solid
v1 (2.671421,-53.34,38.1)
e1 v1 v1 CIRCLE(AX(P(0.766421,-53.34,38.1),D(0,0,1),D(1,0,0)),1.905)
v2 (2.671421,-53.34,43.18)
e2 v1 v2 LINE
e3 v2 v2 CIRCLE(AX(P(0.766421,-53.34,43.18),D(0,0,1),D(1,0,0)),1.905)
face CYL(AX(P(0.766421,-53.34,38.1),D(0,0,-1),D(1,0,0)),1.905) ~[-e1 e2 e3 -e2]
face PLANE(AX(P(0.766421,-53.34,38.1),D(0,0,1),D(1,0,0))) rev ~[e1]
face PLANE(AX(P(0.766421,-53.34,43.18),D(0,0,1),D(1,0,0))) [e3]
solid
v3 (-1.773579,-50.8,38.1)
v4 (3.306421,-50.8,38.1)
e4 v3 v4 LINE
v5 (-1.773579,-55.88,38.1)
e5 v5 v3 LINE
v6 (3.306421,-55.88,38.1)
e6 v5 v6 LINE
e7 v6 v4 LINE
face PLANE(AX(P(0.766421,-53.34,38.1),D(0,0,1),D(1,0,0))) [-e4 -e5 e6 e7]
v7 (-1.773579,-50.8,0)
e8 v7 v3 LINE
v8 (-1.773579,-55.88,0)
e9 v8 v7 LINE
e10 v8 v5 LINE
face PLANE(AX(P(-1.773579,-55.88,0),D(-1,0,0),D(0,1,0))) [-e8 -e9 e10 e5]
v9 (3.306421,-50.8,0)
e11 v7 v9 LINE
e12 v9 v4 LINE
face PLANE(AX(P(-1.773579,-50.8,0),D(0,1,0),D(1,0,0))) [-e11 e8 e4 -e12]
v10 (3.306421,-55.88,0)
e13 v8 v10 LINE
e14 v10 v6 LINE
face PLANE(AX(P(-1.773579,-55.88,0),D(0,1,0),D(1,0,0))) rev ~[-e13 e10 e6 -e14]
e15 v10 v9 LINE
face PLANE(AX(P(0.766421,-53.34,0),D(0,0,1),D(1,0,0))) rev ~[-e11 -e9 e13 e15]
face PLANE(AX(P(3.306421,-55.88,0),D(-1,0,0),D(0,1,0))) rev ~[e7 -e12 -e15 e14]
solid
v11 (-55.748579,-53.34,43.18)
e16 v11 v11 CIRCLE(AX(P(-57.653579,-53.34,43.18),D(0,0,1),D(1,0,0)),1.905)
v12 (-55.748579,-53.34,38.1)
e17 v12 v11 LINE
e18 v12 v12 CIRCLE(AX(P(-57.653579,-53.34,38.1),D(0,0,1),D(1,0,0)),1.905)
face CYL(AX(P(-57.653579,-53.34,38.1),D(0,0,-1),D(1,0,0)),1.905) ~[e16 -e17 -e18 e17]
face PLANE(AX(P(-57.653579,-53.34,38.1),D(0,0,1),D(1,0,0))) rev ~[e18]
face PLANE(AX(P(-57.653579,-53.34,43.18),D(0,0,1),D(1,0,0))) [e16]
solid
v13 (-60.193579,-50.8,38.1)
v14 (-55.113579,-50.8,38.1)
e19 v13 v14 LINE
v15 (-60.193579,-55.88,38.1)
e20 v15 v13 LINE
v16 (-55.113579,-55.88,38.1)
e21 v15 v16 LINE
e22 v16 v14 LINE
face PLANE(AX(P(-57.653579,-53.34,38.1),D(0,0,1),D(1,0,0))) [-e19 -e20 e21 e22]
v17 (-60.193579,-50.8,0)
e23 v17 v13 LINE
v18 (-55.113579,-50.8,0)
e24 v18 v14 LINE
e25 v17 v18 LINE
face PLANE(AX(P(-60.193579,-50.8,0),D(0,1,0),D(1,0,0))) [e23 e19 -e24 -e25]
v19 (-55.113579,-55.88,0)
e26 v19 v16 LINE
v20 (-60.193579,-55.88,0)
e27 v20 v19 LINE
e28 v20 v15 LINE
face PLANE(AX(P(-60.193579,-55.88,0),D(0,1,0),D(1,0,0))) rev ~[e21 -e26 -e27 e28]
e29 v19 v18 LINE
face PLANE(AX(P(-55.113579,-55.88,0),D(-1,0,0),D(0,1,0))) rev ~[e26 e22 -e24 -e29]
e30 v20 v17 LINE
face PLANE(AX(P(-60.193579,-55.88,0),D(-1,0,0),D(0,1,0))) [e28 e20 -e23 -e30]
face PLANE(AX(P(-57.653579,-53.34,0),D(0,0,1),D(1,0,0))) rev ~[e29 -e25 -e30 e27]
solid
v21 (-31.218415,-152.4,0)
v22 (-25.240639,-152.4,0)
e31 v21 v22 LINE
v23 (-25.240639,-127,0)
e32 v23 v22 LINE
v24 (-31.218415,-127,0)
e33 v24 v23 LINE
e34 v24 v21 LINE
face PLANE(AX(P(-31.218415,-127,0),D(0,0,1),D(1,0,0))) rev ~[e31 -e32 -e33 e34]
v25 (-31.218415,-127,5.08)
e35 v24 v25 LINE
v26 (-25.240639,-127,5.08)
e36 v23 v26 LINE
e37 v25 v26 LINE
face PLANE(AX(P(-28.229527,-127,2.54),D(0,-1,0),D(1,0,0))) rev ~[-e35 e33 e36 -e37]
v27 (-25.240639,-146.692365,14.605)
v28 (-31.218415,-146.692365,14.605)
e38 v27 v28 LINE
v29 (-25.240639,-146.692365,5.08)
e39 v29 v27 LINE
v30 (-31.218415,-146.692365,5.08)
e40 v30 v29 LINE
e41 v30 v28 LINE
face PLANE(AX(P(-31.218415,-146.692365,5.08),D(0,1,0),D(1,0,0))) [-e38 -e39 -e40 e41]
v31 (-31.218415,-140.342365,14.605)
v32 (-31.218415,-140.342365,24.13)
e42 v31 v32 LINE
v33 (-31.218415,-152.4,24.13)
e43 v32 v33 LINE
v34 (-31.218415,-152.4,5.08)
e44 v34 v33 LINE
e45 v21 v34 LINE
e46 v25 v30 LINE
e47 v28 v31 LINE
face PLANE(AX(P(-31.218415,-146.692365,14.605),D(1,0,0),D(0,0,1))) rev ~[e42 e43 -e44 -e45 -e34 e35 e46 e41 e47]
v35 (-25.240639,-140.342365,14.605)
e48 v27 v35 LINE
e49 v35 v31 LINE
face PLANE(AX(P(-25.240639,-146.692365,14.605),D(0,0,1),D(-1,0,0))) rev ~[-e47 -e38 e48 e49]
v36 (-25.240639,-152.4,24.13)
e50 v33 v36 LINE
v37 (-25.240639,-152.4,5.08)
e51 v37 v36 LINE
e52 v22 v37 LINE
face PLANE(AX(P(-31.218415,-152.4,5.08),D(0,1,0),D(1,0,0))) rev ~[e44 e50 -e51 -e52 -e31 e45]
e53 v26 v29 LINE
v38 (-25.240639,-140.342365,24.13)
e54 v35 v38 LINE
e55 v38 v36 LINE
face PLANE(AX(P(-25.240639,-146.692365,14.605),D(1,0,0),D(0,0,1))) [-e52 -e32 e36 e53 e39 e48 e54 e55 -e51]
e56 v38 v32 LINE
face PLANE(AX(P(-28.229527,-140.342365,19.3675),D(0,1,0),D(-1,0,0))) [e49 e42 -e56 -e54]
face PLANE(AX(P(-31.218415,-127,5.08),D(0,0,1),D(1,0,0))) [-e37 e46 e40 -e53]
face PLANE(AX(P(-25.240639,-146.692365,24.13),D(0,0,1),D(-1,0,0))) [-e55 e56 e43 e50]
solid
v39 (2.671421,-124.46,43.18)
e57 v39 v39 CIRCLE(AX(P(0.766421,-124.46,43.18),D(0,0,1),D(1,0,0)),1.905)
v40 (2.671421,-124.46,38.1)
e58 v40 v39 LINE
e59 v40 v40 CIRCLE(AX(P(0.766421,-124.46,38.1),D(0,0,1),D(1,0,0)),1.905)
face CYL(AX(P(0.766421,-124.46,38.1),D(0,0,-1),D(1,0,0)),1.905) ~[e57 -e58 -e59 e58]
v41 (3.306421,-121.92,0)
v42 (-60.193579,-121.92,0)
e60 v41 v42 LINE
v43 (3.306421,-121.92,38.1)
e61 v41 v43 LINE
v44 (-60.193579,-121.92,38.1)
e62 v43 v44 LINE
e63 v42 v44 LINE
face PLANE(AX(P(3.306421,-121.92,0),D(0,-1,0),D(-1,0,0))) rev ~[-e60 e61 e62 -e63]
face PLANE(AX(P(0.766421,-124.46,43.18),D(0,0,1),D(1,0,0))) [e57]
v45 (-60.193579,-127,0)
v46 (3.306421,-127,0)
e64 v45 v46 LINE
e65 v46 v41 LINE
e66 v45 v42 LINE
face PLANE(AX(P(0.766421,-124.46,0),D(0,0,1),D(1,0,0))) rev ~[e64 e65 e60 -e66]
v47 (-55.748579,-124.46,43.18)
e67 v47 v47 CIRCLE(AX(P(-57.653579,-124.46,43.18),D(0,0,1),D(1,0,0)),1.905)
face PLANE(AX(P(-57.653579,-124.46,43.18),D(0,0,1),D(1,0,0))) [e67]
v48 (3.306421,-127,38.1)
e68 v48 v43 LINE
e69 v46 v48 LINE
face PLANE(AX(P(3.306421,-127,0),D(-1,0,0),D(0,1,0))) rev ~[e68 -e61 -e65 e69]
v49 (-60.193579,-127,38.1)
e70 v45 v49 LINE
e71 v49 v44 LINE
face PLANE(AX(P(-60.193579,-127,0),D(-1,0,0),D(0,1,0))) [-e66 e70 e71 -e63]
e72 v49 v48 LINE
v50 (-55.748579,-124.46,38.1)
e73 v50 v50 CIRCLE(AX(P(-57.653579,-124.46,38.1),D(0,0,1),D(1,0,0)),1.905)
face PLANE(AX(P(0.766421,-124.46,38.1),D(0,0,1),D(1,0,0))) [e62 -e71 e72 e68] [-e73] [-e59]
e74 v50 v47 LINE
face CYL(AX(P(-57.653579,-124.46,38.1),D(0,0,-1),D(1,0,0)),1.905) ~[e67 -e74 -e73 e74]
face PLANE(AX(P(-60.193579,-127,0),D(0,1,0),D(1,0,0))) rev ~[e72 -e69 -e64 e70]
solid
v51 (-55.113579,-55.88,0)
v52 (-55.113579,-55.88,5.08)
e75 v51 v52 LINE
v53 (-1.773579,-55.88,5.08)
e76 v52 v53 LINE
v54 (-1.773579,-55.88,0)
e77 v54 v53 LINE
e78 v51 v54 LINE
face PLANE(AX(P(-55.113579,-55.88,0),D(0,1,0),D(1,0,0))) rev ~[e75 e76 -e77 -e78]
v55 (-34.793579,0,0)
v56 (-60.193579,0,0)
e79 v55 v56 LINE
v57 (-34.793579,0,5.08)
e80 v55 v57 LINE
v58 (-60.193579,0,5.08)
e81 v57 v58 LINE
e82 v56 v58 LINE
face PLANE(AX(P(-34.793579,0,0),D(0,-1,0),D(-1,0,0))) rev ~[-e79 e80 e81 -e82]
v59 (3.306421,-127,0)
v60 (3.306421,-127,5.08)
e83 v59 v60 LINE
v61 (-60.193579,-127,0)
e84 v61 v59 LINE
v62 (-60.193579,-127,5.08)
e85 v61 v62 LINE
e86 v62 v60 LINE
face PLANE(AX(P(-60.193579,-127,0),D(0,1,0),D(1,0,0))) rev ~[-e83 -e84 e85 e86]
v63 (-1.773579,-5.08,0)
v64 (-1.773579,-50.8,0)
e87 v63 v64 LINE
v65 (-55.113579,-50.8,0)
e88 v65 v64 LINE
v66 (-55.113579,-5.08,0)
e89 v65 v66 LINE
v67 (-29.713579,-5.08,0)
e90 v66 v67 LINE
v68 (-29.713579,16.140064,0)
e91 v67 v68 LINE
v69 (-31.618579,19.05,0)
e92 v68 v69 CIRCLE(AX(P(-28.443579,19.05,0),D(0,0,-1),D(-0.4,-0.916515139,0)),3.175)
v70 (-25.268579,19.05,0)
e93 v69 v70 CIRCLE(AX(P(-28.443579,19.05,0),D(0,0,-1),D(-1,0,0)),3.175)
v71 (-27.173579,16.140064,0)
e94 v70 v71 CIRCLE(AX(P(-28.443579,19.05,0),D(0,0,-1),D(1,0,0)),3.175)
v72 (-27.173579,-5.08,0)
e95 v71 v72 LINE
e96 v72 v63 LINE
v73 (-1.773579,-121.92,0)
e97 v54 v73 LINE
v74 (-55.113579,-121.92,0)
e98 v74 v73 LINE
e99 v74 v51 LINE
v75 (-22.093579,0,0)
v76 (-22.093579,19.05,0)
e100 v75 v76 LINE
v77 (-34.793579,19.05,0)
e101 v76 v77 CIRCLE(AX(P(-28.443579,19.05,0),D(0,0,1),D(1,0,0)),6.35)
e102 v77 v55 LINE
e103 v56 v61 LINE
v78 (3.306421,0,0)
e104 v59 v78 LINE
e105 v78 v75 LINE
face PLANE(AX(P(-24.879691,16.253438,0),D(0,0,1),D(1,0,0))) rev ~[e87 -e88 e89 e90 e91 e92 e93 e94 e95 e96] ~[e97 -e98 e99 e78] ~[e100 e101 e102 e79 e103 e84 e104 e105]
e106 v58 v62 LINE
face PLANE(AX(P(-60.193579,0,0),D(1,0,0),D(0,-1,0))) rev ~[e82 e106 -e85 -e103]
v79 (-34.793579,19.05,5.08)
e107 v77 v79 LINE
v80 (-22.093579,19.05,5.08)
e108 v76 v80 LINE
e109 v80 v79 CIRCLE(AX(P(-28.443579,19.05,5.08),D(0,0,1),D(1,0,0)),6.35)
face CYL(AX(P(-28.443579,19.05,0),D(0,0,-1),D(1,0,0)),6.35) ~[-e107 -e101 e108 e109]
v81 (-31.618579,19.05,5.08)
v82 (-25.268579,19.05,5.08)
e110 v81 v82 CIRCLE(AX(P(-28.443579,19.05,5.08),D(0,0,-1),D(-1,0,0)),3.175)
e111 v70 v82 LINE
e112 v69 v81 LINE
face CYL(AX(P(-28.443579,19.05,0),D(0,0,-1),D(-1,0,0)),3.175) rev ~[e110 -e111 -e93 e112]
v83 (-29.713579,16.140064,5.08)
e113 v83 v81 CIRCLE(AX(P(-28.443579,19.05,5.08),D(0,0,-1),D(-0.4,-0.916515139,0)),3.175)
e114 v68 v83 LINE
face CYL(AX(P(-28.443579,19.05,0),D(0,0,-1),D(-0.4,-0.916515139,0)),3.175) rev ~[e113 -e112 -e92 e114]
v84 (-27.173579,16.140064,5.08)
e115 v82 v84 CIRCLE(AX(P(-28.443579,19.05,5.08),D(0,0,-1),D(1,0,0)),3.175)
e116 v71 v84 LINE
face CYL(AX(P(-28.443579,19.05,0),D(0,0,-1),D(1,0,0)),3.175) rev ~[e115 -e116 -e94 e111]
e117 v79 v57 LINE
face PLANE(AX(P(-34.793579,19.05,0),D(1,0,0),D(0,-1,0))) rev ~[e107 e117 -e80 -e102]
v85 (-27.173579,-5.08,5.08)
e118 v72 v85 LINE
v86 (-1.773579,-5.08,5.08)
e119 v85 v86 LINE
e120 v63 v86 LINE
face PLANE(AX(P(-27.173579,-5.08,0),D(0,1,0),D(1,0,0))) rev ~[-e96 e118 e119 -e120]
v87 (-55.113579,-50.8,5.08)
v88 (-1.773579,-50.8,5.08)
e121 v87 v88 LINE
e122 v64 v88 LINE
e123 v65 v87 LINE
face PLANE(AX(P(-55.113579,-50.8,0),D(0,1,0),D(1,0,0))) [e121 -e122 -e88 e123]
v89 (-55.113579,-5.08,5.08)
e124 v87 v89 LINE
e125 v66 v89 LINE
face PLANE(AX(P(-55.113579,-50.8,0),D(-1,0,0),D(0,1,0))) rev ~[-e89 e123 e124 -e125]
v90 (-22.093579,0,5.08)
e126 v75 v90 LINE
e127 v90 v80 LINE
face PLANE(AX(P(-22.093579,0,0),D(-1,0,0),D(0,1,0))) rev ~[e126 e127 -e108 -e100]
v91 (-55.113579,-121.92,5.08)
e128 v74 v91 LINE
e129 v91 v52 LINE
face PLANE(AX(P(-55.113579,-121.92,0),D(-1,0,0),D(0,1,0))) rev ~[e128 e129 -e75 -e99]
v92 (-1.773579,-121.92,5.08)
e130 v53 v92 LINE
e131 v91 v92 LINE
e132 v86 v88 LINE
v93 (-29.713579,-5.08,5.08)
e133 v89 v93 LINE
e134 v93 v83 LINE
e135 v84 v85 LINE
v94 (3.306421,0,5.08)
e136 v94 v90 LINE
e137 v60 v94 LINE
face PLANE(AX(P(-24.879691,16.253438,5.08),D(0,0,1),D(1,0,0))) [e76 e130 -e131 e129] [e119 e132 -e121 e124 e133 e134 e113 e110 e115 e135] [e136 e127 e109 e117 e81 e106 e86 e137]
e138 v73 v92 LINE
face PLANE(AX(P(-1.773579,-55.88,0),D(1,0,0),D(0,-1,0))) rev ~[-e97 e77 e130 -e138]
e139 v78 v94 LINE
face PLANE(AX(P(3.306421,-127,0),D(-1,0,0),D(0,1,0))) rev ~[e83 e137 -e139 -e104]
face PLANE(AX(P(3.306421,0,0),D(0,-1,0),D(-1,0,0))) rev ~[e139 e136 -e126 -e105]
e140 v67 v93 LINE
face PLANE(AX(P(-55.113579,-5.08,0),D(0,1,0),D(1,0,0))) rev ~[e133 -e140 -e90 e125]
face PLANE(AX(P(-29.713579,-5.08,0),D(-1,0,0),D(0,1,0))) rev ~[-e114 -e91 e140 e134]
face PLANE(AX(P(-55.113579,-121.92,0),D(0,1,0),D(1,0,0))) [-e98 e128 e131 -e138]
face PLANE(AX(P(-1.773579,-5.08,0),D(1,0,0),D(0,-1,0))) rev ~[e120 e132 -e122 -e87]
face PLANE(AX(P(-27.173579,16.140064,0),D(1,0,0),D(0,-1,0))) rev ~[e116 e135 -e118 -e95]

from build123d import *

# Parameters (mm, degrees)
F0_W      = 5.08
F0_H      = 5.08
F1_DEPTH  = 38.1
F0_W_2    = 53.34
F0_H_2    = 45.72
F0_H_3    = 66.04
F2_DEPTH  = 5.08
F5_R      = 1.905
F6_DEPTH  = 5.08
F4_R      = 1.905
F3_R      = 1.905
F7_W      = 5.9777759016
F7_H      = 5.08
F8_DEPTH  = 25.4
F9_W      = 5.9777759016
F9_H      = 5.7076345921
F10_DEPTH = 19.05
F11_W     = 5.9777759016
F11_H     = 9.525
F12_DEPTH = 6.35


with BuildPart() as f1:
    # F0 (on Top) → F1 (new body)
    with BuildSketch(Plane.XY):
        with Locations((-57.6535785222, -53.34)):
            Rectangle(F0_W, F0_H)
    extrude(amount=F1_DEPTH)


with BuildPart() as f1b:
    # F0 (on Top) → F1, piece 2 (new body)
    with BuildSketch(Plane.XY):
        with Locations((0.7664214778, -53.34)):
            Rectangle(F0_W, F0_H)
    extrude(amount=F1_DEPTH)


with BuildPart() as f1c:
    # F0 (on Top) → F1, piece 3 (new body)
    with BuildSketch(Plane.XY):
        with Locations((0.7664214778, -124.46)):
            Rectangle(F0_W, F0_H)
        with Locations((-57.6535785222, -124.46)):
            Rectangle(F0_W, F0_H)
        with Locations((-28.4435785222, -124.46)):
            Rectangle(F0_W_2, F0_H)
    extrude(amount=F1_DEPTH)

    # F5 (on face) → F6 (join)
    with BuildSketch(Plane.XY.offset(38.1)):
        with Locations((-57.6535785222, -124.46)):
            Circle(F5_R)
        with Locations((0.7664214778, -124.46)):
            Circle(F5_R)
    extrude(amount=F6_DEPTH)


with BuildPart() as f2:
    # F0 (on Top) → F2 (new body)
    with BuildSketch(Plane.XY):
        with BuildLine():
            Line((-22.0935785222, 19.05), (-25.2685785222, 19.05))
            ThreePointArc((-25.2685785222, 19.05), (-25.787182938, 17.3109808799), (-27.1735785222, 16.1400644337))
            Line((-27.1735785222, 16.1400644337), (-27.1735785222, 12.8282960533))
            ThreePointArc((-27.1735785222, 12.8282960533), (-23.5248896725, 15.0339073716), (-22.0935785222, 19.05))
        make_face()
        with BuildLine():
            ThreePointArc((-31.6185785222, 19.05), (-28.4435785222, 22.225), (-25.2685785222, 19.05))
            Line((-25.2685785222, 19.05), (-22.0935785222, 19.05))
            ThreePointArc((-22.0935785222, 19.05), (-28.4435785222, 25.4), (-34.7935785222, 19.05))
            Line((-34.7935785222, 19.05), (-31.6185785222, 19.05))
        make_face()
        with BuildLine():
            ThreePointArc((-29.7135785222, 16.1400644337), (-31.0999741065, 17.3109808799), (-31.6185785222, 19.05))
            Line((-31.6185785222, 19.05), (-34.7935785222, 19.05))
            ThreePointArc((-34.7935785222, 19.05), (-33.3622673719, 15.0339073716), (-29.7135785222, 12.8282960533))
            Line((-29.7135785222, 12.8282960533), (-29.7135785222, 16.1400644337))
        make_face()
        with BuildLine():
            Line((-22.0935785222, 0), (-22.0935785222, 19.05))
            ThreePointArc((-22.0935785222, 19.05), (-23.5248896725, 15.0339073716), (-27.1735785222, 12.8282960533))
            Line((-27.1735785222, 12.8282960533), (-27.1735785222, 0))
            Line((-27.1735785222, 0), (-22.0935785222, 0))
        make_face()
        with BuildLine():
            ThreePointArc((-29.7135785222, 12.8282960533), (-33.3622673719, 15.0339073716), (-34.7935785222, 19.05))
            Line((-34.7935785222, 19.05), (-34.7935785222, 0))
            Line((-34.7935785222, 0), (-29.7135785222, 0))
            Line((-29.7135785222, 0), (-29.7135785222, 12.8282960533))
        make_face()
        Polygon((-1.7735785222, 0), (-22.0935785222, 0), (-27.1735785222, 0), (-27.1735785222, -5.08), (-1.7735785222, -5.08), align=None)
        Polygon((-29.7135785222, 0), (-34.7935785222, 0), (-55.1135785222, 0), (-55.1135785222, -5.08), (-29.7135785222, -5.08), align=None)
        with Locations((0.7664214778, -2.54)):
            Rectangle(F0_W, F0_H)
        with Locations((-57.6535785222, -2.54)):
            Rectangle(F0_W, F0_H)
        with Locations((0.7664214778, -27.94)):
            Rectangle(F0_W, F0_H_2)
        with Locations((-57.6535785222, -27.94)):
            Rectangle(F0_W, F0_H_2)
        with Locations((0.7664214778, -53.34)):
            Rectangle(F0_W, F0_H)
        with Locations((-57.6535785222, -53.34)):
            Rectangle(F0_W, F0_H)
        with Locations((0.7664214778, -88.9)):
            Rectangle(F0_W, F0_H_3)
        with Locations((-57.6535785222, -88.9)):
            Rectangle(F0_W, F0_H_3)
        with Locations((0.7664214778, -124.46)):
            Rectangle(F0_W, F0_H)
        with Locations((-28.4435785222, -124.46)):
            Rectangle(F0_W_2, F0_H)
        with Locations((-57.6535785222, -124.46)):
            Rectangle(F0_W, F0_H)
        with Locations((-28.4435785222, -53.34)):
            Rectangle(F0_W_2, F0_H)
    extrude(amount=F2_DEPTH)


with BuildPart() as f6:
    # F4 (on face) → F6, piece 2 (new body)
    with BuildSketch(Plane.XY.offset(38.1)):
        with Locations((0.7664214778, -53.34)):
            Circle(F4_R)
    extrude(amount=F6_DEPTH)


with BuildPart() as f6b:
    # F3 (on face) → F6, piece 3 (new body)
    with BuildSketch(Plane.XY.offset(38.1)):
        with Locations((-57.6535785222, -53.34)):
            Circle(F3_R)
    extrude(amount=F6_DEPTH)


with BuildPart() as f8:
    # F7 (on face) → F8 (new body)
    with BuildSketch(Plane.XZ.offset(127)):
        with Locations((-28.2295271754, 2.54)):
            Rectangle(F7_W, F7_H)
    extrude(amount=F8_DEPTH)

    # F9 (on face) → F10 (join)
    with BuildSketch(Plane.XY.offset(5.08)):
        with Locations((-28.2295271754, -149.546182704)):
            Rectangle(F9_W, F9_H)
    extrude(amount=F10_DEPTH)

    # F11 (on face) → F12 (join)
    with BuildSketch(Plane(origin=(0, -146.6923654079, 0), x_dir=(-1, 0, 0), z_dir=(0, 1, 0))):
        with Locations((28.2295271754, 19.3675)):
            Rectangle(F11_W, F11_H)
    extrude(amount=F12_DEPTH)


solid = Compound([f1.part, f1b.part, f1c.part, f2.part, f6.part, f6b.part, f8.part])
